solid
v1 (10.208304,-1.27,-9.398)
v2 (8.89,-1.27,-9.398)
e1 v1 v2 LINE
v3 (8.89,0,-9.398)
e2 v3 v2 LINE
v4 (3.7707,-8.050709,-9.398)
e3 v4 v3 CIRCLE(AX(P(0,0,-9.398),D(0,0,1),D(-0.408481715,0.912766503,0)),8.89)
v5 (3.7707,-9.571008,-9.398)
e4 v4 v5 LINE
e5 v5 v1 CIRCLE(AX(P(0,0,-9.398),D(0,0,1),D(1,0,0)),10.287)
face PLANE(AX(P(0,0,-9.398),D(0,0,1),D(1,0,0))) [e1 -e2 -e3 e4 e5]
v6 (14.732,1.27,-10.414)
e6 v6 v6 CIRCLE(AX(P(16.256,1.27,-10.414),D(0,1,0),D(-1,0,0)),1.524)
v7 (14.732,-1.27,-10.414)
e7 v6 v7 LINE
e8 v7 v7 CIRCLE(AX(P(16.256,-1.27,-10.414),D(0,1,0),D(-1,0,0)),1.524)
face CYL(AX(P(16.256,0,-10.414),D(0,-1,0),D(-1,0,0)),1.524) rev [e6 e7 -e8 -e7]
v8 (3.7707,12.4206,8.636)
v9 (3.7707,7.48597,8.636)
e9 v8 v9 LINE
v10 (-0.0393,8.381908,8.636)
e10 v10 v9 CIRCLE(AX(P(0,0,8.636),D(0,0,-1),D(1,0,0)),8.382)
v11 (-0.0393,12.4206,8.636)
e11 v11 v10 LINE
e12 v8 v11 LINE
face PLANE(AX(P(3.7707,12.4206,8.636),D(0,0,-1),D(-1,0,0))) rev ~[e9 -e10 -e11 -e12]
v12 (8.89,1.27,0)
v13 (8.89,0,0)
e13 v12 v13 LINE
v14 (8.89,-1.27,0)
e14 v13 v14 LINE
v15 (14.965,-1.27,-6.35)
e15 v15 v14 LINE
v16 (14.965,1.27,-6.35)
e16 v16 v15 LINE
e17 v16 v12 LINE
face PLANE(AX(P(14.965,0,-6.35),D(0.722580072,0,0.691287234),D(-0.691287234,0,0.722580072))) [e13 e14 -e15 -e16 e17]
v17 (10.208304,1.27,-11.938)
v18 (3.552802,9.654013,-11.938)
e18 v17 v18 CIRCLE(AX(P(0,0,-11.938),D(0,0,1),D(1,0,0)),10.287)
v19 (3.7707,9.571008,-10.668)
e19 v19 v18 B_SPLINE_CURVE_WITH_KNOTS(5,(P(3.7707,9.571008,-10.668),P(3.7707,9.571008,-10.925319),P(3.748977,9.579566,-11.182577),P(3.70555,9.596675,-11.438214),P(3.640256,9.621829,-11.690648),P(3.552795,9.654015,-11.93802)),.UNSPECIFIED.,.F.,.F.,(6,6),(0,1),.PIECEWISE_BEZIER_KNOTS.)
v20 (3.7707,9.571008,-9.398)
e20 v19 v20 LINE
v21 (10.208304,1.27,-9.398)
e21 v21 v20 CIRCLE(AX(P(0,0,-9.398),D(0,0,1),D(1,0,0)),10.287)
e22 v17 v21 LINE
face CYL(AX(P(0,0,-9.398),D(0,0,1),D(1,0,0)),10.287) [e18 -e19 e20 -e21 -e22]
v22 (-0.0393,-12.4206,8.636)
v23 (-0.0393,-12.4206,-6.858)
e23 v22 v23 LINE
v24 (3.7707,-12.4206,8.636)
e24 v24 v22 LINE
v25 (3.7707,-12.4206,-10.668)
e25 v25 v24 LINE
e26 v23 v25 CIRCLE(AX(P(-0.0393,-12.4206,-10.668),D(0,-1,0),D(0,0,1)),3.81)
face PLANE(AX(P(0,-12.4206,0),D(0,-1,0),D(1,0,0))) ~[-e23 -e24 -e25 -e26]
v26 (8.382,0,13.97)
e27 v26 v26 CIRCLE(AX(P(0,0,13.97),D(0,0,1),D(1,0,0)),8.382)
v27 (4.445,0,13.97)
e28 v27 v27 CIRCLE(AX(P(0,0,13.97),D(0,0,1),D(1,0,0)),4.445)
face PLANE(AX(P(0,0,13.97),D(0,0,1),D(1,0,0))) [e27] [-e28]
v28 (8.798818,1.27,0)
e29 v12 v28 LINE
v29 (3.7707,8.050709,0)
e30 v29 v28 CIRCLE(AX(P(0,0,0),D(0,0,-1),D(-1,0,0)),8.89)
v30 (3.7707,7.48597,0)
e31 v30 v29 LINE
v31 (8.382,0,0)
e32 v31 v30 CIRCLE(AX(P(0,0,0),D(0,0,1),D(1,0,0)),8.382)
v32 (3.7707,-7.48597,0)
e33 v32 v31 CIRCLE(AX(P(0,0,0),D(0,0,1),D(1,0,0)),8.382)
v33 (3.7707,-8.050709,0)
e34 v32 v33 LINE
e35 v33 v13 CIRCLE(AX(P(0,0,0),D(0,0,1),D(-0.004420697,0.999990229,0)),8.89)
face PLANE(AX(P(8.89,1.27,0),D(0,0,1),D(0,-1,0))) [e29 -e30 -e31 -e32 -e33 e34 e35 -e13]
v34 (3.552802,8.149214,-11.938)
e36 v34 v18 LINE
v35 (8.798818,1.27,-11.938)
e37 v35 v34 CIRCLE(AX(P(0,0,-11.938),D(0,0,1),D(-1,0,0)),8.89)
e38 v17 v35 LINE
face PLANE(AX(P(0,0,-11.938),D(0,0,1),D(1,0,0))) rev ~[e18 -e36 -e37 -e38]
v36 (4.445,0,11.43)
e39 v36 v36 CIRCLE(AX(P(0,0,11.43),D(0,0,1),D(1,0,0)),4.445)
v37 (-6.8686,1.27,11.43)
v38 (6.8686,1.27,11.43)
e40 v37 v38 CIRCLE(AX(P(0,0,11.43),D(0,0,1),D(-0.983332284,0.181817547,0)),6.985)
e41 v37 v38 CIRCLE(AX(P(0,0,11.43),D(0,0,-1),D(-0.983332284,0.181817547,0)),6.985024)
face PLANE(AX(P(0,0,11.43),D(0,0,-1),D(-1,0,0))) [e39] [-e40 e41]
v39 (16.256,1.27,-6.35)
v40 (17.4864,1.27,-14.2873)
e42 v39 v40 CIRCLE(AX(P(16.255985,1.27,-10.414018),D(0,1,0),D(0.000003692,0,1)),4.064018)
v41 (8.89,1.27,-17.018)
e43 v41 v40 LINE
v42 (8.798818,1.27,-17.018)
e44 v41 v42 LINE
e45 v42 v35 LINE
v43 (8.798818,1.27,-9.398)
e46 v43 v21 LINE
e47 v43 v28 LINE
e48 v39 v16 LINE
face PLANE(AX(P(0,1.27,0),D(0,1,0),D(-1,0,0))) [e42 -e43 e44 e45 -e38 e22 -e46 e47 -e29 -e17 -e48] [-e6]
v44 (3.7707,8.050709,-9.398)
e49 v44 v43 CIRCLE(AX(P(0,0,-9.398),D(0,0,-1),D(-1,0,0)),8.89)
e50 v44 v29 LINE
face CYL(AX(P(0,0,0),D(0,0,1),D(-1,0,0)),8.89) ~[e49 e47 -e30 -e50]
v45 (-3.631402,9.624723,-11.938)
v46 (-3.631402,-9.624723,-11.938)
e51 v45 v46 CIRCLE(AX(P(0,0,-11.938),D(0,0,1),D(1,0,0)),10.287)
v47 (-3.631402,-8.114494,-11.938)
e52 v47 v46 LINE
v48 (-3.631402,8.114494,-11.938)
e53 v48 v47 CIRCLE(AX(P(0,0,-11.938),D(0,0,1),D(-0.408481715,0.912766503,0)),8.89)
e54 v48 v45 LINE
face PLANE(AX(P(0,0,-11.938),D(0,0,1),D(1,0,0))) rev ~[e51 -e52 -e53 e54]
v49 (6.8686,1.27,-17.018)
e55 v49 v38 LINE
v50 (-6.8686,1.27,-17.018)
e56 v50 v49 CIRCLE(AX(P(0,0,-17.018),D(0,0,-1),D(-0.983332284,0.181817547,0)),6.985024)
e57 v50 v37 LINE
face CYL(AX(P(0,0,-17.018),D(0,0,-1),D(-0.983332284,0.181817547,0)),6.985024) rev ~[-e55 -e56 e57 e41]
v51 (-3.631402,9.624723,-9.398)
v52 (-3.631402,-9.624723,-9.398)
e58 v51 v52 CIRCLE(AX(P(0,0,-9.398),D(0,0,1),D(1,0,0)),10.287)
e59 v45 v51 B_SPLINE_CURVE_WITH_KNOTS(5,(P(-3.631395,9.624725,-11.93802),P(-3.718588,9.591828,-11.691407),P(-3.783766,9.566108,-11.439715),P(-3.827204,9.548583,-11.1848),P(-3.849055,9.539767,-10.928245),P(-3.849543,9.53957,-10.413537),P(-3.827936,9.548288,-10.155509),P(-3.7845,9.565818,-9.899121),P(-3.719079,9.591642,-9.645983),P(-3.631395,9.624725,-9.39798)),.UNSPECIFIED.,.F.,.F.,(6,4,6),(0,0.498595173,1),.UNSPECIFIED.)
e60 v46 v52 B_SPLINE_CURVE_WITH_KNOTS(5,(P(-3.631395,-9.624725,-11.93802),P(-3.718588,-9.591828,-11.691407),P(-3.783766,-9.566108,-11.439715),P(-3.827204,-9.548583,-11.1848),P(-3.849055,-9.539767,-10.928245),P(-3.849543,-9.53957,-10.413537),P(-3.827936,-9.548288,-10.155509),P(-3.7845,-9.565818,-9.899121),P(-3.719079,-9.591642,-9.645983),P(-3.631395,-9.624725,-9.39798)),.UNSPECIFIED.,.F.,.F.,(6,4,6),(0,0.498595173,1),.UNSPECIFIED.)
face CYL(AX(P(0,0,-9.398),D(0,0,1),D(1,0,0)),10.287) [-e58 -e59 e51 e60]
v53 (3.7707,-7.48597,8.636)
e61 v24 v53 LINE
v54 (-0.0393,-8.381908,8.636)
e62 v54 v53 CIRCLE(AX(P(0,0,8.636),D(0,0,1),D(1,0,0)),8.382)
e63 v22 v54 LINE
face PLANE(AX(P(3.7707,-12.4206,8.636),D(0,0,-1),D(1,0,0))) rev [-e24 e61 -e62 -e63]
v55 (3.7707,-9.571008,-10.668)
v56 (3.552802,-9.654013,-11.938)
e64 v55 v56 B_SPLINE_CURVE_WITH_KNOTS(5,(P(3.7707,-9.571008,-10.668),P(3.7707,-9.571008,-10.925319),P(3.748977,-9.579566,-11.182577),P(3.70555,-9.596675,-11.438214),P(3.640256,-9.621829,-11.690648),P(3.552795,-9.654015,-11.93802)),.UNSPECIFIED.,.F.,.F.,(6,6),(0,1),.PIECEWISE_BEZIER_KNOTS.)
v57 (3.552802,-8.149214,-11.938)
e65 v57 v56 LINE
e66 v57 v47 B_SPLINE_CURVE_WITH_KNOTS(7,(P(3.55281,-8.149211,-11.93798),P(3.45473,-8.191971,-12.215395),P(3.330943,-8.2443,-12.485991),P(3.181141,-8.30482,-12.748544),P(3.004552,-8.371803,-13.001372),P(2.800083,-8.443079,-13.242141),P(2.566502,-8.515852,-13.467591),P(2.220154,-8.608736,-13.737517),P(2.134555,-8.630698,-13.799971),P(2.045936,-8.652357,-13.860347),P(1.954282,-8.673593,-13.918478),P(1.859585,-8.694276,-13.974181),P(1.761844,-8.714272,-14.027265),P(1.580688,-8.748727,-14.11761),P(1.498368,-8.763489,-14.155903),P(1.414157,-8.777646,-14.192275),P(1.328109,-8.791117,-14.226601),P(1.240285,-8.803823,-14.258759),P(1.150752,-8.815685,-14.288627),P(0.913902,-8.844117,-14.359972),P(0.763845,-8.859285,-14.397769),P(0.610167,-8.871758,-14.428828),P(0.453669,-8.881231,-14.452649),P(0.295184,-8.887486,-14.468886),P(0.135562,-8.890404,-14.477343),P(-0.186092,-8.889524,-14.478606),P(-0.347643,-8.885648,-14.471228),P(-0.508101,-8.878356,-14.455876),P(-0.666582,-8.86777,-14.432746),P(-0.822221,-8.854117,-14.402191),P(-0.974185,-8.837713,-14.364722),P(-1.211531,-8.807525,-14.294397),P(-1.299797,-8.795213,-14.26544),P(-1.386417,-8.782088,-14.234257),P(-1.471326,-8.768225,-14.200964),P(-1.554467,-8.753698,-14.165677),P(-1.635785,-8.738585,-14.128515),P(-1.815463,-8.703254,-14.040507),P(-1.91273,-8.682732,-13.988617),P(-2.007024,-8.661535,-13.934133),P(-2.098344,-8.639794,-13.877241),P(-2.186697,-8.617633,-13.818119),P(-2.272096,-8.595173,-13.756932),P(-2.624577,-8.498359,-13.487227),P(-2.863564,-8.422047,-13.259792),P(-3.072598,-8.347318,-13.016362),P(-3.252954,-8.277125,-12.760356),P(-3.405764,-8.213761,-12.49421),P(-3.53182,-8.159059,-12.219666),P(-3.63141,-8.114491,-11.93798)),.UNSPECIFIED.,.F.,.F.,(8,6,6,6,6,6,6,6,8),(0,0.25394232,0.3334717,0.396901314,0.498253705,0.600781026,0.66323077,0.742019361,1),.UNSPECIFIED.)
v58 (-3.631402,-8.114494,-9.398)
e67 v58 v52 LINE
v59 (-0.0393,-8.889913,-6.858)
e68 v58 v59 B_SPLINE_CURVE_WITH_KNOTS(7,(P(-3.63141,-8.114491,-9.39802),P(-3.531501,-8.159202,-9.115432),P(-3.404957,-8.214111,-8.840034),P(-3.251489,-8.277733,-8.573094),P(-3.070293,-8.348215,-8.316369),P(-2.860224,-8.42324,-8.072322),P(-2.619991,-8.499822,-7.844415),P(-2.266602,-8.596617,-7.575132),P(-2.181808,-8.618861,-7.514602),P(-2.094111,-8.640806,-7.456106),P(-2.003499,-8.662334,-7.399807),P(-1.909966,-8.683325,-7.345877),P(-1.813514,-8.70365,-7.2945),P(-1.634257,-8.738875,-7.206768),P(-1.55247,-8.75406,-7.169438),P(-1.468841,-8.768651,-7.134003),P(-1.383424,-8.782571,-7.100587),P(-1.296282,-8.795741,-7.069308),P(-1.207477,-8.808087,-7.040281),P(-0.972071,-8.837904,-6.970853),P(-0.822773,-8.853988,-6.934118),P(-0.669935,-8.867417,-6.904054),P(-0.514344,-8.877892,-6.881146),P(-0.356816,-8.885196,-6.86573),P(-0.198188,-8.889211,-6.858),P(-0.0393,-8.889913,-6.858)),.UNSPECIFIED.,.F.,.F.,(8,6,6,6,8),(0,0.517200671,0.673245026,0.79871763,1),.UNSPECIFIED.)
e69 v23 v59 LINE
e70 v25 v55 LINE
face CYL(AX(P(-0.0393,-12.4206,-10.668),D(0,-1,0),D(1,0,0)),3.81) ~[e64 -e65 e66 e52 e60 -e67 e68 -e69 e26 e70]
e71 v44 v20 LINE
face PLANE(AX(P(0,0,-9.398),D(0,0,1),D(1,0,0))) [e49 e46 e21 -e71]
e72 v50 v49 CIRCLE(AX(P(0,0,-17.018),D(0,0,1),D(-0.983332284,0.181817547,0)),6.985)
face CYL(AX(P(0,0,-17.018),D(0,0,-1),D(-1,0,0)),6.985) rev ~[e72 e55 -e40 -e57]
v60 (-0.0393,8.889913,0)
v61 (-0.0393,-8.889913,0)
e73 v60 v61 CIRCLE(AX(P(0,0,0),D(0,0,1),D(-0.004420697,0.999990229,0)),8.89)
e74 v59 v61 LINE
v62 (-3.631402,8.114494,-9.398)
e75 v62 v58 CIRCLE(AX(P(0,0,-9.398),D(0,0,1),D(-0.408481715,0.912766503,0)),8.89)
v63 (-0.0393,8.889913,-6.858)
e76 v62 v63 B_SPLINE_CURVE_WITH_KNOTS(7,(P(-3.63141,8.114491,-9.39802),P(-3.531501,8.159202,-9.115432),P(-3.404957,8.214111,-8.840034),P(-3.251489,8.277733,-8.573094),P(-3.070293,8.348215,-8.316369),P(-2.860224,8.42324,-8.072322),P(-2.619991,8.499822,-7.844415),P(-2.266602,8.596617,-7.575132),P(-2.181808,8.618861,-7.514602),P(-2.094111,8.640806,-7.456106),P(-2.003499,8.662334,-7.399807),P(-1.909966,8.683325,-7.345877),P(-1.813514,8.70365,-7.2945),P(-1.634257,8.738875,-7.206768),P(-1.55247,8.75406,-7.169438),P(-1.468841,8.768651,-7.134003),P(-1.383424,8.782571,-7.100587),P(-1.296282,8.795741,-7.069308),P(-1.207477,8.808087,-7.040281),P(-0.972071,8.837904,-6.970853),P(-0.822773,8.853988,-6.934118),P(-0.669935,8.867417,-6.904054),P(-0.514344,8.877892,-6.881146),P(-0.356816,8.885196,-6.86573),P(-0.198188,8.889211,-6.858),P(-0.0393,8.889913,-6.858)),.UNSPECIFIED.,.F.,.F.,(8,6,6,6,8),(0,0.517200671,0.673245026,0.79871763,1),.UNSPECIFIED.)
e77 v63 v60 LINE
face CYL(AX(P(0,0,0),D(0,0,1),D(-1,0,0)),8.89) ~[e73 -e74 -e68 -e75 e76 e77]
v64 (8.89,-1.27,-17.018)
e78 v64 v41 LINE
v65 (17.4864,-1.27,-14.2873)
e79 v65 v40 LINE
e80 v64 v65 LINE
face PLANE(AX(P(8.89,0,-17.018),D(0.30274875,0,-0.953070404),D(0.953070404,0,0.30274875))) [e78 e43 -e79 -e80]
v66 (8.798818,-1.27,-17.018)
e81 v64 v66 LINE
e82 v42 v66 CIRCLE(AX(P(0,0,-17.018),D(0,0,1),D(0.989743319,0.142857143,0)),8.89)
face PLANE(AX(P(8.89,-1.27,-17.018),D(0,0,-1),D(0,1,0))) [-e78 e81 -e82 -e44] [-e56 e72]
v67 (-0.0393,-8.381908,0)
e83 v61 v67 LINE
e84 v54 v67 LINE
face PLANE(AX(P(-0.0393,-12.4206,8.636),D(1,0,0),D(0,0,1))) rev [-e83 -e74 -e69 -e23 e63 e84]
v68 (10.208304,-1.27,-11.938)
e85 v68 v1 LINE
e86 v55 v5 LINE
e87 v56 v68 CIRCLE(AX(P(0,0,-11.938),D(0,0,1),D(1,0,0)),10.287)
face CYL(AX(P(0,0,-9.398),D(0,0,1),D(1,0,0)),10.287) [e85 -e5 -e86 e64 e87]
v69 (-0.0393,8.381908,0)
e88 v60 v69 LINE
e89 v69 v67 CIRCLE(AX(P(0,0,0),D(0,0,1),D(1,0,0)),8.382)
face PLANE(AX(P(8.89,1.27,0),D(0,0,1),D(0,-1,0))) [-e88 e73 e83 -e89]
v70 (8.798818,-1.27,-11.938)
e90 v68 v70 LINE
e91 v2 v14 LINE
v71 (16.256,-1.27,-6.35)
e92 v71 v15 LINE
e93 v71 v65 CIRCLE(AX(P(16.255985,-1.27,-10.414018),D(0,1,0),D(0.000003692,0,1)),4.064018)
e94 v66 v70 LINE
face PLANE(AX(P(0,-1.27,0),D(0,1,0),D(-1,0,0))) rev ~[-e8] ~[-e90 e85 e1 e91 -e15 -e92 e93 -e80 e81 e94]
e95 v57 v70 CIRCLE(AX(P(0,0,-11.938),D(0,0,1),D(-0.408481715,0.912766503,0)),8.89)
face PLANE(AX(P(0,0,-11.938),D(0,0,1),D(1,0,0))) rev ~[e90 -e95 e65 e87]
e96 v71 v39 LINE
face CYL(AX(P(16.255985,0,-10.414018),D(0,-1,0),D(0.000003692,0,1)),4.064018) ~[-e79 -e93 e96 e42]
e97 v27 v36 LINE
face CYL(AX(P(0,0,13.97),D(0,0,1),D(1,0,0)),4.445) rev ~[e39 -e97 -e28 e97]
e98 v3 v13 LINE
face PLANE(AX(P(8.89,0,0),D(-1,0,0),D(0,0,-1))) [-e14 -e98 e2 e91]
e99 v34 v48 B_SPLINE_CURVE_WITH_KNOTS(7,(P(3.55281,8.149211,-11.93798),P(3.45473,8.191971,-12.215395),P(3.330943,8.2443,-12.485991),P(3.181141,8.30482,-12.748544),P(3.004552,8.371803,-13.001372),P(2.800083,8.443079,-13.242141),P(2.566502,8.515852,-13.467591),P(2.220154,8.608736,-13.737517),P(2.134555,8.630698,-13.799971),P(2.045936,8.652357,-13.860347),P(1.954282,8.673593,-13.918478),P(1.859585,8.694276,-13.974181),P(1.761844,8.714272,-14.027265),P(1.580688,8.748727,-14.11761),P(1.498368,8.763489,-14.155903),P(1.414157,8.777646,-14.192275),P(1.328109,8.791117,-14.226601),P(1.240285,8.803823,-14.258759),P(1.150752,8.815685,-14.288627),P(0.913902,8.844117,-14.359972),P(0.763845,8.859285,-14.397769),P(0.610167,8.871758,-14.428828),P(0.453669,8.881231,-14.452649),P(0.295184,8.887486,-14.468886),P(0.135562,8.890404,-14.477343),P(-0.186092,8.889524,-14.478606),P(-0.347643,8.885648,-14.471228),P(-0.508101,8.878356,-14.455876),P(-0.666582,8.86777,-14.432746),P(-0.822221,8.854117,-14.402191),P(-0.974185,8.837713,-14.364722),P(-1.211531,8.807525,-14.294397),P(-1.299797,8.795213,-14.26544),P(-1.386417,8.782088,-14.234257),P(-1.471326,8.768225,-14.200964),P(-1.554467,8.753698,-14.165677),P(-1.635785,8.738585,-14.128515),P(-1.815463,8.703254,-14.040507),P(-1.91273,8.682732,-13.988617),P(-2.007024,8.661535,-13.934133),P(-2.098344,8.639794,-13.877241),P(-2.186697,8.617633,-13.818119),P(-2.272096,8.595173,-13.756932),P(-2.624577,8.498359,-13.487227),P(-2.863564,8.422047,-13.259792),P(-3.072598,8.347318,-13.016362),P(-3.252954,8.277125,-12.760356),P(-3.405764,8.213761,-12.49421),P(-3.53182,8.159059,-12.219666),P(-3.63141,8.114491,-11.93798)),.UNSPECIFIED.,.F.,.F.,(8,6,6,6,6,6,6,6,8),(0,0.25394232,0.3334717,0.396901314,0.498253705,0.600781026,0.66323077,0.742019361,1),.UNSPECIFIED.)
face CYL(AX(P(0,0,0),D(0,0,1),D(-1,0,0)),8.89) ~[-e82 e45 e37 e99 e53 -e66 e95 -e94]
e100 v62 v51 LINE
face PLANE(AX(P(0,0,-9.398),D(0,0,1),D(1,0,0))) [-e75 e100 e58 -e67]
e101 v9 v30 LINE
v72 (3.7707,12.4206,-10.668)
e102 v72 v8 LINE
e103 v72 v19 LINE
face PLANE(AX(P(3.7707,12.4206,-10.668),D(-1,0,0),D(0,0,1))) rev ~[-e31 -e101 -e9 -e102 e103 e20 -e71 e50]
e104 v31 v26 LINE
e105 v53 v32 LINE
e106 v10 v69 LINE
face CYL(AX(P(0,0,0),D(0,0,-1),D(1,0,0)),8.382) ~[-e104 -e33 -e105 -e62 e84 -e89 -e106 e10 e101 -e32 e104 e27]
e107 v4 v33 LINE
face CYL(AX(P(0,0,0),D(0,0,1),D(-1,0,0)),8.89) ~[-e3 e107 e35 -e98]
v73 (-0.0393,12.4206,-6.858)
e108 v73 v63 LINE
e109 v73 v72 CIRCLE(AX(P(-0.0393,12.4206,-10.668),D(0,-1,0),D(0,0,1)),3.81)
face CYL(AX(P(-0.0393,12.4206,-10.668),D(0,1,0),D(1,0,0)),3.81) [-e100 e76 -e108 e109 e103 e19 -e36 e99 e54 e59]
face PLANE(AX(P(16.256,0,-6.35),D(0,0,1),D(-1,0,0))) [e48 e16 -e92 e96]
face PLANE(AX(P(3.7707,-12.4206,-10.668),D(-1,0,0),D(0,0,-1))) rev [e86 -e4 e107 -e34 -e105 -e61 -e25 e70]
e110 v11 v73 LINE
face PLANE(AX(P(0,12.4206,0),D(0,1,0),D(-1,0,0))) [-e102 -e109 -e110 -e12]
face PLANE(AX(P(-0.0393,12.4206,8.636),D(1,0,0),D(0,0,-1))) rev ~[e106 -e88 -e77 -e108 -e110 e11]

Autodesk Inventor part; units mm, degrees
ref_plane "YZ Plane" through (0, 0, 0) normal (1, 0, 0) x (0, 1, 0)
sketch "Sketch2" plane through (0, 0, 0) normal (0, 0, 1) x (1, 0, 0)
  circle A0 centre (0, 0) radius 8.382
  dimension "d0" = 16.764
extrude "Extrusion1" add sketch "Sketch2" along normal blind 13.97
sketch "Sketch3" plane through (0, 0, 0) normal (0, 0, -1) x (-1, 0, 0)
  circle A0 centre (0, 0) radius 8.382 projected
  circle A1 centre (0, 0) radius 8.89
  dimension "d3" = 17.78
extrude "Extrusion2" add sketch "Sketch3" along normal blind 17.018 contours A0 | A1
ref_plane "Work Plane1" through (0, 0, -9.398) normal (0, 0, 1) x (1, 0, 0)
sketch "Sketch4" plane through (0, 0, -9.398) normal (0, 0, 1) x (1, 0, 0)
  circle A0 centre (0, 0) radius 8.89
  circle A1 centre (0, 0) radius 10.287
  circle A2 centre (0, 0) radius 8.89 projected
  dimension "d7" = 20.574
extrude "Extrusion3" add sketch "Sketch4" against normal blind 2.54
sketch "Sketch9" plane through (0, 0, -17.018) normal (0, 0, -1) x (-1, 0, 0)
  circle A0 centre (0, 0) radius 8.89 projected
  circle A1 centre (0, 0) radius 6.985
  dimension "d40" = 13.97
extrude "Extrusion7" cut sketch "Sketch9" against normal blind 28.448 contours A1
sketch "Sketch10" plane through (0, 0, 13.97) normal (0, 0, 1) x (1, 0, 0)
  circle A0 centre (0, 0) radius 8.382 projected
  circle A1 centre (0, 0) radius 4.445
  dimension "d43" = 8.89
extrude "Extrusion8" cut sketch "Sketch10" against normal up to surface (2.54 mm away) contours A1
sketch "Sketch12" plane through (0, 0, 0) normal (0, 1, 0) x (-1, 0, 0)
  line L0 (8.89, -17.018) -> (-8.89, -17.018) projected
  line L1 (-13.7704, -25.0461) -> (-13.7704, -36.5125) construction
  circle A0 centre (-16.256, -10.414) radius 1.524
  arc A1 (-16.256, -6.35) -> (-17.4864, -14.2873) centre (-16.256, -10.414) ccw
  line L2 (-16.256, -6.35) -> (-14.965, -6.35)
  line L3 (-14.965, -6.35) -> (-8.89, 0)
  line L4 (-8.89, 0) -> (-8.89, -9.398) projected
  line L5 (-8.89, -17.018) -> (-17.4864, -14.2873)
  line L6 (-8.89, 0) -> (-8.89, -17.018)
  point P0 (0, 0)
  dimension "d54" = 3.048
  dimension "d55" = 8.128
  dimension "d56" = 6.604
  dimension "d57" = 16.256
extrude "Extrusion9" add sketch "Sketch12" along normal mid plane 2.54
sketch "Sketch14" plane through (8.89, -1.27, -9.398) normal (-1, 0, 0) x (0, 0, 1)
  line L0 (0, 0) -> (0, 1.27) projected
  line L1 (0, 0) -> (9.398, 0) projected
  line L2 (9.398, 1.27) -> (9.398, 0) projected
  line L3 (9.398, 1.27) -> (0, 1.27) projected
  line L4 (-7.62, 2.54) -> (9.398, 2.54)
  line L5 (9.398, 2.54) -> (9.398, 0)
  line L6 (9.398, 0) -> (-7.62, 0)
  line L7 (-7.62, 0) -> (-7.62, 2.54)
extrude "Extrusion11" add sketch "Sketch14" along normal up to next contours L6 L7 L4 L5 L3 L0
sketch "Sketch15" plane through (0, 0, -17.018) normal (0, 0, -1) x (-1, 0, 0)
  arc A0 (6.8686, 1.27) -> (-6.8686, 1.27) centre (0, 0) ccw projected
  circle A1 centre (0, 0) radius 6.985
extrude "Extrusion12" cut sketch "Sketch15" against normal up to surface (28.448 mm away)
ref_plane "Work Plane8" through (0, 12.4206, 0) normal (0, 1, 0) x (-1, 0, 0)
sketch "Sketch16" plane through (0, 12.4206, 0) normal (0, 1, 0) x (-1, 0, 0)
  arc A0 (-3.7707, -10.668) -> (0.0393, -6.858) centre (0.0393, -10.668) ccw
  line L0 (-10.2083, -9.398) -> (10.287, -9.398) projected
  line L1 (10.287, -11.938) -> (-10.2083, -11.938) projected
  line L2 (-10.2083, -9.398) -> (10.287, -11.938) construction
  line L3 (-3.7707, -10.668) -> (-3.7707, 8.636)
  line L4 (-3.7707, 8.636) -> (0.0393, 8.636)
  line L5 (0.0393, 8.636) -> (0.0393, -6.858)
  line L6 (-8.382, 13.97) -> (8.382, 13.97) projected
  point P0 (0, 0)
  dimension "d63" = 7.62
  dimension "d65" = 3.81
  dimension "d66" = 5.334
extrude "Extrusion13" add sketch "Sketch16" against normal up to next
mirror "Mirror2" about plane through (0, 0, 0) normal (0, 1, 0) of "Extrusion13"
properties part number "Front Axle Body"
